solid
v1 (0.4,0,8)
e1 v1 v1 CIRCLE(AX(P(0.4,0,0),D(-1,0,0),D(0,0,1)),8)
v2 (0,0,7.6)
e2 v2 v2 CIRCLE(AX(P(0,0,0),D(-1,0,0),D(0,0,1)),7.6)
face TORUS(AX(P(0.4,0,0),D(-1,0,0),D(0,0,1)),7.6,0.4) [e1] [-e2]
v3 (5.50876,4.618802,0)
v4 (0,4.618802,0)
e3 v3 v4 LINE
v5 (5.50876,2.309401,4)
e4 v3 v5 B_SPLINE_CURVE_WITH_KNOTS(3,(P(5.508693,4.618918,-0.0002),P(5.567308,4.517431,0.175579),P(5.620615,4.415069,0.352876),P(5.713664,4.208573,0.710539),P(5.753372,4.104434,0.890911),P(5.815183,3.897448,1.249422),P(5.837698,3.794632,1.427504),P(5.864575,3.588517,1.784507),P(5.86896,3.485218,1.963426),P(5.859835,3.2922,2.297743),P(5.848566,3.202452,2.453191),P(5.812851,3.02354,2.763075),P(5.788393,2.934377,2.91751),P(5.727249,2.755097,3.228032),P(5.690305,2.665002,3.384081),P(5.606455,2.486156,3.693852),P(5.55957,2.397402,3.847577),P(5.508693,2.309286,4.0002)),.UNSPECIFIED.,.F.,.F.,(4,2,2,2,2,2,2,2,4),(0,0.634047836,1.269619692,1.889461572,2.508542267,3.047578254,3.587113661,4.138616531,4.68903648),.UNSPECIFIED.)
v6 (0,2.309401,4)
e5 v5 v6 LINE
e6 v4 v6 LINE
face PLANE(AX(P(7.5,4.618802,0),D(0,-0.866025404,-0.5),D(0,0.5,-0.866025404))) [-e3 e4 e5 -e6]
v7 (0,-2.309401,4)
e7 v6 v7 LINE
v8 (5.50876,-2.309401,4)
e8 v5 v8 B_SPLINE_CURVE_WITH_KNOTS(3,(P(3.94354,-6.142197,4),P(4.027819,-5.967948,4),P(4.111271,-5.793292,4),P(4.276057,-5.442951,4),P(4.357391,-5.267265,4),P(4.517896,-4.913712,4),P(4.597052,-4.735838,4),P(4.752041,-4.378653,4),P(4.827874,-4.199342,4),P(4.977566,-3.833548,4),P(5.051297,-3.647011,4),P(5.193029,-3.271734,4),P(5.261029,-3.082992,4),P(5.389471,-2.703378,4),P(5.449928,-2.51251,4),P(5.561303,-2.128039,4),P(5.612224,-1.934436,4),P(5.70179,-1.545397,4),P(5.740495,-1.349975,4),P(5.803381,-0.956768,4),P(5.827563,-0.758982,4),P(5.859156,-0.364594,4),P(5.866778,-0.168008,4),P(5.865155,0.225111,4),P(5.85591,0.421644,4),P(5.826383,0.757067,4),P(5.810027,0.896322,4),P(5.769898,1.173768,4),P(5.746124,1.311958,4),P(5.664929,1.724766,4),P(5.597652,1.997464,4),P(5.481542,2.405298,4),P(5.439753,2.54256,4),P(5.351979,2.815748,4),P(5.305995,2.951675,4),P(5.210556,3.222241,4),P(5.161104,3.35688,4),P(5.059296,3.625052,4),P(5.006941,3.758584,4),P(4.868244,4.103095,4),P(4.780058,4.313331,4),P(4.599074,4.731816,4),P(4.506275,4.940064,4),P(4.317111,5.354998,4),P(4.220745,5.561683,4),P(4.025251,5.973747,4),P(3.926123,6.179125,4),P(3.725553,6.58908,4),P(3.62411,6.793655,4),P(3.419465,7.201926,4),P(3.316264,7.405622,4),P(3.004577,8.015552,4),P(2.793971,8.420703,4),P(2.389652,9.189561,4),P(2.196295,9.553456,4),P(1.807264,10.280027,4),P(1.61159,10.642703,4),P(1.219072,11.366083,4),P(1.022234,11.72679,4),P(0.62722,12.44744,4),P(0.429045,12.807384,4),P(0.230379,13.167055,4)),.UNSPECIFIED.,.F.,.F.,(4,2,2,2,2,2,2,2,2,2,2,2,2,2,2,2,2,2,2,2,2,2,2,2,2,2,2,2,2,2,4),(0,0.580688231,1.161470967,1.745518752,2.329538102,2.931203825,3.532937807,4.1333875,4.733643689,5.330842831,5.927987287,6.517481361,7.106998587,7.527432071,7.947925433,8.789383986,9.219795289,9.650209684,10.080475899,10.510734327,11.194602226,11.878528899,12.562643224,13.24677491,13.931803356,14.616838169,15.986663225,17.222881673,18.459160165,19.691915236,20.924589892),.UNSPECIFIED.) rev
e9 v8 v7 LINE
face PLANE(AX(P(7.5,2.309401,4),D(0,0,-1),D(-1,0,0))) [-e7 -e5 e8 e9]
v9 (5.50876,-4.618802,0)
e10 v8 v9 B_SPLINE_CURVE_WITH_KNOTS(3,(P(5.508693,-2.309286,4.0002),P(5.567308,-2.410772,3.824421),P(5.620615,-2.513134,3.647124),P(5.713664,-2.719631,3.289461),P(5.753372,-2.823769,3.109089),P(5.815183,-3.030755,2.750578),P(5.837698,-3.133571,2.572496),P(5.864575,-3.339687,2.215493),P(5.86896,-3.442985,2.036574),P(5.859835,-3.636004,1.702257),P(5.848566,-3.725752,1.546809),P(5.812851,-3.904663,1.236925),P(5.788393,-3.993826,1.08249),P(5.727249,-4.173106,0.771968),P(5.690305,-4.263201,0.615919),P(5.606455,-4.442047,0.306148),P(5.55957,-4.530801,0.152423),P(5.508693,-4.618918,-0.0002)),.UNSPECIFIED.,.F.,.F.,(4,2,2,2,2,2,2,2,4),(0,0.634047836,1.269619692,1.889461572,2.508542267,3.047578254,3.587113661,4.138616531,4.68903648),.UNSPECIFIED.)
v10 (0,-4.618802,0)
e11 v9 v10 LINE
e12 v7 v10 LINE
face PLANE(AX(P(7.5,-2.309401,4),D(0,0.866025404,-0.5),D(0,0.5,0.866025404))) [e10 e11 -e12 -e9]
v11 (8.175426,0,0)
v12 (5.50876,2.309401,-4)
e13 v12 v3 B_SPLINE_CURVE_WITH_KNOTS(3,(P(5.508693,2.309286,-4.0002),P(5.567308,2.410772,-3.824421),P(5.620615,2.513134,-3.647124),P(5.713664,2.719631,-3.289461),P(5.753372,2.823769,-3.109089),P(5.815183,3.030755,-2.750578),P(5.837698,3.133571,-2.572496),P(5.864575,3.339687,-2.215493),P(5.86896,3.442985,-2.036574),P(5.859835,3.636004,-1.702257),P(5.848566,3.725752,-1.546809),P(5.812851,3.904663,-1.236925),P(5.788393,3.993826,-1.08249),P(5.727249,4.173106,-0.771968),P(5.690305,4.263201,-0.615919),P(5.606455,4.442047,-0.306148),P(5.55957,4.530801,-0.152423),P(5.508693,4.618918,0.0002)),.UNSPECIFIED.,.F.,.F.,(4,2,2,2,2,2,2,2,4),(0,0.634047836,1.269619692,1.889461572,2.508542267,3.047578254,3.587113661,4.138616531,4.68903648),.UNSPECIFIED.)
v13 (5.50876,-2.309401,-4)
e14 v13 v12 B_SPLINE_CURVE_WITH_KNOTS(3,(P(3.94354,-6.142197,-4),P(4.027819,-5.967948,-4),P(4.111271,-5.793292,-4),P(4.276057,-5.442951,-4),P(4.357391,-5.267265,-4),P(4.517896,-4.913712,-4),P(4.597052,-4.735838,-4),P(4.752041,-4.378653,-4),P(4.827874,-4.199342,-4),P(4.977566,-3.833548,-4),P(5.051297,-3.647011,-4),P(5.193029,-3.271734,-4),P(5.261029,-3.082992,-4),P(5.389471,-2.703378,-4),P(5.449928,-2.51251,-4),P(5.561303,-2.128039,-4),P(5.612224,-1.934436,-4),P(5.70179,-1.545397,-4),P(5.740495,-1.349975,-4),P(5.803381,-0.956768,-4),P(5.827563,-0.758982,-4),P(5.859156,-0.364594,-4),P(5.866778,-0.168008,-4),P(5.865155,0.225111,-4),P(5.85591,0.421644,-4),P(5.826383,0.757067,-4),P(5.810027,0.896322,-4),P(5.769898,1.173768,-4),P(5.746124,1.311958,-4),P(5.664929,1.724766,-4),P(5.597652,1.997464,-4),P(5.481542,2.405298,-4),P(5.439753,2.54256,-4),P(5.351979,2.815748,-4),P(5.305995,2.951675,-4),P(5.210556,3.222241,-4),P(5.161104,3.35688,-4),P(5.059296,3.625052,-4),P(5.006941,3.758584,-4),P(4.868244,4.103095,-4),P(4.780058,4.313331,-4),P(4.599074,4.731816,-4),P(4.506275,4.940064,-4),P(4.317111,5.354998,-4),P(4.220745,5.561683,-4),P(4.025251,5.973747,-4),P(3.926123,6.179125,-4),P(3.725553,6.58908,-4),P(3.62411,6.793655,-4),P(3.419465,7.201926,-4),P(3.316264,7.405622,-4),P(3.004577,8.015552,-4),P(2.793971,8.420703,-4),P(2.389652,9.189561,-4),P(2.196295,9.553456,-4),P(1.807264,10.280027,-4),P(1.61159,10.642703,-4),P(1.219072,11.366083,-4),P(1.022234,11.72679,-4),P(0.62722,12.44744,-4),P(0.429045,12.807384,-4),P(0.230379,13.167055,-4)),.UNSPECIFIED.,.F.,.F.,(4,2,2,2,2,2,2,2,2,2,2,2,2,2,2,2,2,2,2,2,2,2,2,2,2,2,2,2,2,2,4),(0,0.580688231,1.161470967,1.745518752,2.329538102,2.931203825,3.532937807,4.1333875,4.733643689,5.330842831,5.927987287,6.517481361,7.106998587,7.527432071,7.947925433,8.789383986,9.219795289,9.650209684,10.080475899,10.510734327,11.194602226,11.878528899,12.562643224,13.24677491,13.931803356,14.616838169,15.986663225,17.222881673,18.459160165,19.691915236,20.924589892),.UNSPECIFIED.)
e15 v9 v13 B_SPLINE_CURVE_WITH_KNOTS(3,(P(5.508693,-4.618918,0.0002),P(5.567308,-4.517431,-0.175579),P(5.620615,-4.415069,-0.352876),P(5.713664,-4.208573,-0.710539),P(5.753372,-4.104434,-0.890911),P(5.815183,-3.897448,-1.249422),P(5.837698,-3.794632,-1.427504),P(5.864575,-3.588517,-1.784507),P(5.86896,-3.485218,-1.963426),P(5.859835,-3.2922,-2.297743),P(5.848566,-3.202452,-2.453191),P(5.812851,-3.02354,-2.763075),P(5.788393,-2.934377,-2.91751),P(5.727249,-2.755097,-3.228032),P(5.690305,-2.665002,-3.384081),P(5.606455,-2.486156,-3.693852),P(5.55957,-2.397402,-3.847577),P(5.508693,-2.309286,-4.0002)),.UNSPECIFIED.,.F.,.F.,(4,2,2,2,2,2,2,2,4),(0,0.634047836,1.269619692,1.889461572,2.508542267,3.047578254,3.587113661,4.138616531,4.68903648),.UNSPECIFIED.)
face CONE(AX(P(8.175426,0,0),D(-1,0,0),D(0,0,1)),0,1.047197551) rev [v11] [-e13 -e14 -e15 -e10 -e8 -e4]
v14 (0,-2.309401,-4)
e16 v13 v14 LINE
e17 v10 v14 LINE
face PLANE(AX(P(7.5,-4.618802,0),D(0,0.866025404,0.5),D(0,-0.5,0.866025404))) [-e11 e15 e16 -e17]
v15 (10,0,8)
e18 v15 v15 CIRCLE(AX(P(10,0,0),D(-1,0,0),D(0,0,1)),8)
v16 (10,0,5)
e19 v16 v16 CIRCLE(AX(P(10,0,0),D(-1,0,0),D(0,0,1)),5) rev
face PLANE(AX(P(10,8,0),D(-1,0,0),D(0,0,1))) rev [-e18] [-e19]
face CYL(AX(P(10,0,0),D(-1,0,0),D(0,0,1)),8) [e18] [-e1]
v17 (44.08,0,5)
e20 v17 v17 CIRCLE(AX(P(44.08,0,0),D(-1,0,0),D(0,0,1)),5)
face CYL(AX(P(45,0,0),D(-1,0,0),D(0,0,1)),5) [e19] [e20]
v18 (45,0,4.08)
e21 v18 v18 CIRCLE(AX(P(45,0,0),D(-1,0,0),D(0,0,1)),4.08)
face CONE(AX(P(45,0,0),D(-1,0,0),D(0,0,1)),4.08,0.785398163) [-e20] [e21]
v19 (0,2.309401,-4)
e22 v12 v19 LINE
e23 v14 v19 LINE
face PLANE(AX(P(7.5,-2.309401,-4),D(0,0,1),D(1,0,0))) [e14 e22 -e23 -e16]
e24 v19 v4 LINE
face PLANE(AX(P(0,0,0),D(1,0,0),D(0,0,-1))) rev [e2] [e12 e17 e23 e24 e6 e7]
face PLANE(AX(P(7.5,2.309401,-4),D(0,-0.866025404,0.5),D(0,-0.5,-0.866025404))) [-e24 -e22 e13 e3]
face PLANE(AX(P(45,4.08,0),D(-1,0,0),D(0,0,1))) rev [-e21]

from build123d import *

# Parameters (mm, degrees)
SZKIC1_W                    = 10
SZKIC1_H                    = 8
SZKIC5_R                    = 6
DODANIE_WYCI_GNI_CIE1_DEPTH = 7.5


with BuildPart() as part:
    # Szkic1 → Obrót1 (revolve)
    with BuildSketch(Plane.XY):
        with Locations((5, 4)):
            Rectangle(SZKIC1_W, SZKIC1_H)
    revolve(axis=Axis((10, 0, 0), (-1, 0, 0)))

    # Szkic2 → Wycięcie-obrót1 (revolve, cut)
    with BuildSketch(Plane.XY):
        with BuildLine():
            Line((0, 8), (0, 7.6))
            ThreePointArc((0, 7.6), (0.117157288, 7.882842712), (0.4, 8))
            Line((0.4, 8), (0, 8))
        make_face()
    revolve(axis=Axis((10, 0, 0), (-1, 0, 0)), mode=Mode.SUBTRACT)

    # Szkic3 → Obrót2 (revolve)
    with BuildSketch(Plane.XY):
        Polygon((10, 0), (10, 5), (44.08, 5), (45, 4.08), (45, 0), align=None)
    revolve(axis=Axis((45, 0, 0), (-1, 0, 0)))

    # Szkic4 → Wycięcie-obrót2 (revolve, cut)
    with BuildSketch(Plane.XY):
        Polygon((0, 0), (0, 5.5), (5, 5.5), (8.175426481, 0), align=None)
    revolve(axis=Axis((8.175426481, 0, 0), (-1, 0, 0)), mode=Mode.SUBTRACT)

    # Szkic5 → Dodanie-wyciągnięcie1 (add)
    with BuildSketch(Plane(origin=(0, 0, 0), x_dir=(0, 0, -1), z_dir=(1, 0, 0))):
        Circle(SZKIC5_R)
        Polygon((-4, 2.309401077), (-4, -2.309401077), (0, -4.618802154), (4, -2.309401077), (4, 2.309401077), (0, 4.618802154), align=None, mode=Mode.SUBTRACT)
    extrude(amount=DODANIE_WYCI_GNI_CIE1_DEPTH)


solid = part.part
